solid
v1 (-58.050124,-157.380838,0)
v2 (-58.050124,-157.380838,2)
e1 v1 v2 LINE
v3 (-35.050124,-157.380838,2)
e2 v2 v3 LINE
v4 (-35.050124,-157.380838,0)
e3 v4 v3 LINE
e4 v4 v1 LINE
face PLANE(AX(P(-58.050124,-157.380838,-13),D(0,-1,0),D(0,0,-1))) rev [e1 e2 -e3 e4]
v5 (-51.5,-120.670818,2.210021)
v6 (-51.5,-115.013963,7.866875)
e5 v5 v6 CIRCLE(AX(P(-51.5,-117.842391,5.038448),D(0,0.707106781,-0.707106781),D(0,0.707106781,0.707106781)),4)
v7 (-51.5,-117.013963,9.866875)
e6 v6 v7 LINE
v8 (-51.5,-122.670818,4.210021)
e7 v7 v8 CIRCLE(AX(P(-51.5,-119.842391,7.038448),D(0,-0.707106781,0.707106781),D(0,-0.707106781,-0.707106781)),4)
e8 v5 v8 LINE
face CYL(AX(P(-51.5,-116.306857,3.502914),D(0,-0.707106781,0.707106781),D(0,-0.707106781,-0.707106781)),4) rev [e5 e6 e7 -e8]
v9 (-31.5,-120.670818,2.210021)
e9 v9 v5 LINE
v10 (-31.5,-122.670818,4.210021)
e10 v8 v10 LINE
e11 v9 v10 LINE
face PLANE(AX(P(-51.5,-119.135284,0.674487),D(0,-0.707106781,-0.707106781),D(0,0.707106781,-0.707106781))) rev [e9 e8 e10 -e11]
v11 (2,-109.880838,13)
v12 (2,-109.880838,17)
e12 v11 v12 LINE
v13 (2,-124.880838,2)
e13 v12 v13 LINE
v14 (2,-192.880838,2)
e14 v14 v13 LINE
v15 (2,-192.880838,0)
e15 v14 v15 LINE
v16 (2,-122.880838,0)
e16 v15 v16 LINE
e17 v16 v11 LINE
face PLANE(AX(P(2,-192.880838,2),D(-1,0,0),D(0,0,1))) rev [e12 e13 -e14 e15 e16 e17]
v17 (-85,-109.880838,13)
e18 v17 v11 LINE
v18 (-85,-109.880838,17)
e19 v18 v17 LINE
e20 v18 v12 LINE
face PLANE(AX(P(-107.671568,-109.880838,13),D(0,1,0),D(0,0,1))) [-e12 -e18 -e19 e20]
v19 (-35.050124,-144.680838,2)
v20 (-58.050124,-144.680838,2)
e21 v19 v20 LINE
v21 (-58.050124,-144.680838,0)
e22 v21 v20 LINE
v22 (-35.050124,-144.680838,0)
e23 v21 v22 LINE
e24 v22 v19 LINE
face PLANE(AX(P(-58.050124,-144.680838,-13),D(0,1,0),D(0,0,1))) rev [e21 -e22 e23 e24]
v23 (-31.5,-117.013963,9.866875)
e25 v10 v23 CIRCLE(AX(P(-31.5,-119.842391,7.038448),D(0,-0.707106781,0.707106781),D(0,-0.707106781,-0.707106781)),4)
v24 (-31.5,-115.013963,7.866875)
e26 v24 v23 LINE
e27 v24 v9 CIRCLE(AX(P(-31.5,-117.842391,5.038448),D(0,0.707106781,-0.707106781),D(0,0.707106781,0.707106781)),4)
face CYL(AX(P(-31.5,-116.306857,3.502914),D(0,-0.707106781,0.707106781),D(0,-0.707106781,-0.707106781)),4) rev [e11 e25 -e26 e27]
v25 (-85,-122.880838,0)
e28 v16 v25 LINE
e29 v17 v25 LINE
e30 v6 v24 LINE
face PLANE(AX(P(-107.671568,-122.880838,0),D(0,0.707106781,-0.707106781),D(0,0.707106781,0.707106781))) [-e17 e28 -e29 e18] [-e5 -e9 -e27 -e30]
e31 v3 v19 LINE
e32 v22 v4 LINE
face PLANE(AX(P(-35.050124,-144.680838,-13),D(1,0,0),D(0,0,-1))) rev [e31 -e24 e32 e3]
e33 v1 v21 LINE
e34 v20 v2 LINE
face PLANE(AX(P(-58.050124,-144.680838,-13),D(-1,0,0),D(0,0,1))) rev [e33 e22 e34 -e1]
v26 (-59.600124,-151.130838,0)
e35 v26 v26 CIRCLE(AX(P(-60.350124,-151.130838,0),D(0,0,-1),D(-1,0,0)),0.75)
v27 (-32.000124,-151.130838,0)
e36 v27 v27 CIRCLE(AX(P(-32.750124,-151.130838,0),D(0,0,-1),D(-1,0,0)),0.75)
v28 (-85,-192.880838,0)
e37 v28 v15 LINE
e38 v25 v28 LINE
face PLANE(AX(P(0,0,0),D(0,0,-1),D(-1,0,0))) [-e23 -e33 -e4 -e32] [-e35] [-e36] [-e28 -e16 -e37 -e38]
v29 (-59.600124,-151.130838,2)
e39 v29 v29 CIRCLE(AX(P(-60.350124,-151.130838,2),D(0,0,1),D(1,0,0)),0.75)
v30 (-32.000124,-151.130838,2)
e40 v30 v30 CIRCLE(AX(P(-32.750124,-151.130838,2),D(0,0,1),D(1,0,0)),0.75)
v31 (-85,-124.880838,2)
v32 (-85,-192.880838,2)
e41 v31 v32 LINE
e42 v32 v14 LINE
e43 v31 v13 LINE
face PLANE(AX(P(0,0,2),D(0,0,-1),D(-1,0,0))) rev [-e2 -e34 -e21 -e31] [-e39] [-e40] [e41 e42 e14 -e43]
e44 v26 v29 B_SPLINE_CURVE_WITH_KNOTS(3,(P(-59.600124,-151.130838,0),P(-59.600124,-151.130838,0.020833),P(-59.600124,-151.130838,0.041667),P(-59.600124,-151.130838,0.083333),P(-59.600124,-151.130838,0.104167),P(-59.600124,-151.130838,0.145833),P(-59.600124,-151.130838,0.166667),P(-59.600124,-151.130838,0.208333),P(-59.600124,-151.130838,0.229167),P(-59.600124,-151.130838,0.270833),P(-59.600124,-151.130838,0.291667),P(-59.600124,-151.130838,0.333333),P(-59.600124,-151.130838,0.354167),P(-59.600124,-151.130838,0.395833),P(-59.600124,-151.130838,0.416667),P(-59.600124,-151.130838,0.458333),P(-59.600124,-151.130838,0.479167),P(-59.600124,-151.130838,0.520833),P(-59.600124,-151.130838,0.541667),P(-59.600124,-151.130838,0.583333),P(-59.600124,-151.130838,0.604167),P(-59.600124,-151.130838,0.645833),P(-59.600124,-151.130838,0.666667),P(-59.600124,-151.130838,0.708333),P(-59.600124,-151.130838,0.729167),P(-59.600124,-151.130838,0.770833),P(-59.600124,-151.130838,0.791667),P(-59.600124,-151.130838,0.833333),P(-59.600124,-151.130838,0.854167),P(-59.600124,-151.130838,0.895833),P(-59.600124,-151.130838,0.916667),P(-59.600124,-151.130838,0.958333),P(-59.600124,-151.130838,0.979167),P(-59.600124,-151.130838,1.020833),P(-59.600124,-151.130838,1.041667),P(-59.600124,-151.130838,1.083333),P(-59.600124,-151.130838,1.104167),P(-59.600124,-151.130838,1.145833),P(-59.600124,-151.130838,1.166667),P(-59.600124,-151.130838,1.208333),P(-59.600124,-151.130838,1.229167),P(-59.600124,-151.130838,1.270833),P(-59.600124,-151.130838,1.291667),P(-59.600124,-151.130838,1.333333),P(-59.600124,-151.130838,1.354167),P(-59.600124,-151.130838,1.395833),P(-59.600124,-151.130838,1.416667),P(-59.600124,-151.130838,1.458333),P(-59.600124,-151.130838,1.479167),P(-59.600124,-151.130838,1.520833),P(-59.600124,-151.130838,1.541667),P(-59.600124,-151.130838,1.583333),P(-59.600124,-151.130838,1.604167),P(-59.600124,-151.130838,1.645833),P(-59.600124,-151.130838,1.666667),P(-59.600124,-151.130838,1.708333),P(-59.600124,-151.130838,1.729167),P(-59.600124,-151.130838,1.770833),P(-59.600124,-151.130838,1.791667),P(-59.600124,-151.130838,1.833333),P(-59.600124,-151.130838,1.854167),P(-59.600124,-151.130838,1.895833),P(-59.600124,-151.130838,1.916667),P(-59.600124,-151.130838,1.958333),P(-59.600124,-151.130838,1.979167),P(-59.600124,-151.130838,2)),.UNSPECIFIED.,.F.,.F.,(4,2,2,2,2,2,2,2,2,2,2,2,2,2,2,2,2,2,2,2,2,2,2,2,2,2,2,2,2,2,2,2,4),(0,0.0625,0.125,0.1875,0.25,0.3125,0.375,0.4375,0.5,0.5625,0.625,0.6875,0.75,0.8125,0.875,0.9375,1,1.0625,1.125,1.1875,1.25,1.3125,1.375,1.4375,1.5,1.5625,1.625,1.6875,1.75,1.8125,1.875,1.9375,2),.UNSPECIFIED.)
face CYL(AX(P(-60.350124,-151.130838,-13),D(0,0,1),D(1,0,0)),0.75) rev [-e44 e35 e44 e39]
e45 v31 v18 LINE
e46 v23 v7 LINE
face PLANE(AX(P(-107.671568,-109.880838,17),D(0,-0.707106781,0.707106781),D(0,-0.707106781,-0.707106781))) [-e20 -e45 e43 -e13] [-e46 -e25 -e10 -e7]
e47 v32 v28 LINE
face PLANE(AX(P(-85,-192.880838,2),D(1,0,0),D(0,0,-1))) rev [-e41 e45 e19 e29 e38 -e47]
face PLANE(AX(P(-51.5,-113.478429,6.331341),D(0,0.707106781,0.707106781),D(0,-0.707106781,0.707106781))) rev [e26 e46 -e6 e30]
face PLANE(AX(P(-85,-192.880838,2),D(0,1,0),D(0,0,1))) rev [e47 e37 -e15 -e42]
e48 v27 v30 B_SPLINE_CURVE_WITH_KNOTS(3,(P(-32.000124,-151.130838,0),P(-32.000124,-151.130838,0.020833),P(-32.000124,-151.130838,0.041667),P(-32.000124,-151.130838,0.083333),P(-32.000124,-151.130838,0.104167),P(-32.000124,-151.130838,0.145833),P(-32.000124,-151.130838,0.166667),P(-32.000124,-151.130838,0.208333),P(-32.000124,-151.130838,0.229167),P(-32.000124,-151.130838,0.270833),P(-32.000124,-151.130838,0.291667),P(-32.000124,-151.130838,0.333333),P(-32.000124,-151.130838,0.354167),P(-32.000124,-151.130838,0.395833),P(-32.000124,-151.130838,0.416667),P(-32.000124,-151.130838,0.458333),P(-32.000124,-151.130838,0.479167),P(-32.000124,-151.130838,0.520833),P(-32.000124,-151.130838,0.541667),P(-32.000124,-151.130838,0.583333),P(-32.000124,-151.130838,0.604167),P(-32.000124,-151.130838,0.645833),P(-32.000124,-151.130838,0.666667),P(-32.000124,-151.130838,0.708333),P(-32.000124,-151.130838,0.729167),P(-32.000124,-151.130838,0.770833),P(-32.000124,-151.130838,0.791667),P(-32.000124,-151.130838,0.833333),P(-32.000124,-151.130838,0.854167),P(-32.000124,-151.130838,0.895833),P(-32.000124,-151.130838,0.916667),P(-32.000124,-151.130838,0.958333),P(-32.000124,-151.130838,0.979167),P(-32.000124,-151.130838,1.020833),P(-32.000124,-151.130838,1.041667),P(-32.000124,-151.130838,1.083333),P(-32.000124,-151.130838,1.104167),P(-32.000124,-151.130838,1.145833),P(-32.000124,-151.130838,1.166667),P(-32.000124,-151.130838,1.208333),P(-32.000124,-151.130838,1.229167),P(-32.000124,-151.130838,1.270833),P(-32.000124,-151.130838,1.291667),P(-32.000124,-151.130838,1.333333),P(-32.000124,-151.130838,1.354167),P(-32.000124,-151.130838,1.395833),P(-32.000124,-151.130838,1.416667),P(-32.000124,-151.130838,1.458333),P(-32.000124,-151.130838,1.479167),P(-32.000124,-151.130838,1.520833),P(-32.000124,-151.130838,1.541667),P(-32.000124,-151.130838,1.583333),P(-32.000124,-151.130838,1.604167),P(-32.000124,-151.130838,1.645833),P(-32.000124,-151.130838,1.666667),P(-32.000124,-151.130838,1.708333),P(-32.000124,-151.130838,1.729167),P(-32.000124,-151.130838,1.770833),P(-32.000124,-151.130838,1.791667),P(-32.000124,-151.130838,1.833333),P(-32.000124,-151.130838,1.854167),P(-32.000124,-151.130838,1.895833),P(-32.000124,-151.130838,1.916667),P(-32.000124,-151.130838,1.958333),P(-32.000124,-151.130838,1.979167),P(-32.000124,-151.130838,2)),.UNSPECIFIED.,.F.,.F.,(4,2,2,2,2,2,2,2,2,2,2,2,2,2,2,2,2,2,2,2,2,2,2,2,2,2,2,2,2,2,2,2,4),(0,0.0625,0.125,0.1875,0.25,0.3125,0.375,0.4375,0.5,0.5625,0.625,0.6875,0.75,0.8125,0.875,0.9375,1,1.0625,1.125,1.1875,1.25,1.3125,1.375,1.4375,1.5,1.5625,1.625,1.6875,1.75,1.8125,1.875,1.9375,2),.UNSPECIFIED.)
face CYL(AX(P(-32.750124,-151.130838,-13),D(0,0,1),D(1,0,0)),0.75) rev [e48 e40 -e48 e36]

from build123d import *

# Parameters (mm, degrees)
SKETCH_1_W          = 87
SKETCH_1_H          = 70
EXTRUDE_1_DEPTH     = 2
EXTRUDE_2_DEPTH     = 87
SKETCH_6_W          = 23
SKETCH_6_H          = 12.7
CUT_EXTRUDE_1_DEPTH = 15
SKETCH_7_R          = 0.75
CUT_EXTRUDE_2_DEPTH = 15
CUT_EXTRUDE_3_DEPTH = 5


with BuildPart() as part:
    # 草图1 → 凸台-拉伸1 (new body)
    with BuildSketch(Plane.XY):
        with Locations((-41.5, -157.880838162)):
            Rectangle(SKETCH_1_W, SKETCH_1_H)
    extrude(amount=EXTRUDE_1_DEPTH)

    # 草图3 → 凸台-拉伸2 (add)
    with BuildSketch(Plane(origin=(2, 0, 0), x_dir=(0, 0, -1), z_dir=(1, 0, 0))):
        Polygon((-17, -109.880838162), (-2, -124.880838162), (0, -122.880838162), (-13, -109.880838162), align=None)
    extrude(amount=-EXTRUDE_2_DEPTH)

    # 草图6 → 切除-拉伸1 (cut)
    with BuildSketch(Plane.XY.offset(2)):
        with Locations((-46.550124355, -151.030838162)):
            Rectangle(SKETCH_6_W, SKETCH_6_H)
    extrude(amount=-CUT_EXTRUDE_1_DEPTH, mode=Mode.SUBTRACT)

    # 草图7 → 切除-拉伸2 (cut)
    with BuildSketch(Plane.XY.offset(2)):
        with Locations((-32.750124355, -151.130838162)):
            Circle(SKETCH_7_R)
        with Locations((-60.350124355, -151.130838162)):
            Circle(SKETCH_7_R)
    extrude(amount=-CUT_EXTRUDE_2_DEPTH, mode=Mode.SUBTRACT)

    # 草图8 → 切除-拉伸3 (cut)
    with BuildSketch(Plane(origin=(0, -63.440419081, 63.440419081), x_dir=(1, 0, 0), z_dir=(0, -0.707106781186556, 0.7071067811865391))):
        with BuildLine():
            Line((-51.5, -75.764432966), (-31.5, -75.764432966))
            ThreePointArc((-31.5, -75.764432966), (-27.5, -79.764432966), (-31.5, -83.764432966))
            Line((-31.5, -83.764432966), (-51.5, -83.764432966))
            ThreePointArc((-51.5, -83.764432966), (-55.5, -79.764432966), (-51.5, -75.764432966))
        make_face()
    extrude(amount=-CUT_EXTRUDE_3_DEPTH, mode=Mode.SUBTRACT)


solid = part.part
